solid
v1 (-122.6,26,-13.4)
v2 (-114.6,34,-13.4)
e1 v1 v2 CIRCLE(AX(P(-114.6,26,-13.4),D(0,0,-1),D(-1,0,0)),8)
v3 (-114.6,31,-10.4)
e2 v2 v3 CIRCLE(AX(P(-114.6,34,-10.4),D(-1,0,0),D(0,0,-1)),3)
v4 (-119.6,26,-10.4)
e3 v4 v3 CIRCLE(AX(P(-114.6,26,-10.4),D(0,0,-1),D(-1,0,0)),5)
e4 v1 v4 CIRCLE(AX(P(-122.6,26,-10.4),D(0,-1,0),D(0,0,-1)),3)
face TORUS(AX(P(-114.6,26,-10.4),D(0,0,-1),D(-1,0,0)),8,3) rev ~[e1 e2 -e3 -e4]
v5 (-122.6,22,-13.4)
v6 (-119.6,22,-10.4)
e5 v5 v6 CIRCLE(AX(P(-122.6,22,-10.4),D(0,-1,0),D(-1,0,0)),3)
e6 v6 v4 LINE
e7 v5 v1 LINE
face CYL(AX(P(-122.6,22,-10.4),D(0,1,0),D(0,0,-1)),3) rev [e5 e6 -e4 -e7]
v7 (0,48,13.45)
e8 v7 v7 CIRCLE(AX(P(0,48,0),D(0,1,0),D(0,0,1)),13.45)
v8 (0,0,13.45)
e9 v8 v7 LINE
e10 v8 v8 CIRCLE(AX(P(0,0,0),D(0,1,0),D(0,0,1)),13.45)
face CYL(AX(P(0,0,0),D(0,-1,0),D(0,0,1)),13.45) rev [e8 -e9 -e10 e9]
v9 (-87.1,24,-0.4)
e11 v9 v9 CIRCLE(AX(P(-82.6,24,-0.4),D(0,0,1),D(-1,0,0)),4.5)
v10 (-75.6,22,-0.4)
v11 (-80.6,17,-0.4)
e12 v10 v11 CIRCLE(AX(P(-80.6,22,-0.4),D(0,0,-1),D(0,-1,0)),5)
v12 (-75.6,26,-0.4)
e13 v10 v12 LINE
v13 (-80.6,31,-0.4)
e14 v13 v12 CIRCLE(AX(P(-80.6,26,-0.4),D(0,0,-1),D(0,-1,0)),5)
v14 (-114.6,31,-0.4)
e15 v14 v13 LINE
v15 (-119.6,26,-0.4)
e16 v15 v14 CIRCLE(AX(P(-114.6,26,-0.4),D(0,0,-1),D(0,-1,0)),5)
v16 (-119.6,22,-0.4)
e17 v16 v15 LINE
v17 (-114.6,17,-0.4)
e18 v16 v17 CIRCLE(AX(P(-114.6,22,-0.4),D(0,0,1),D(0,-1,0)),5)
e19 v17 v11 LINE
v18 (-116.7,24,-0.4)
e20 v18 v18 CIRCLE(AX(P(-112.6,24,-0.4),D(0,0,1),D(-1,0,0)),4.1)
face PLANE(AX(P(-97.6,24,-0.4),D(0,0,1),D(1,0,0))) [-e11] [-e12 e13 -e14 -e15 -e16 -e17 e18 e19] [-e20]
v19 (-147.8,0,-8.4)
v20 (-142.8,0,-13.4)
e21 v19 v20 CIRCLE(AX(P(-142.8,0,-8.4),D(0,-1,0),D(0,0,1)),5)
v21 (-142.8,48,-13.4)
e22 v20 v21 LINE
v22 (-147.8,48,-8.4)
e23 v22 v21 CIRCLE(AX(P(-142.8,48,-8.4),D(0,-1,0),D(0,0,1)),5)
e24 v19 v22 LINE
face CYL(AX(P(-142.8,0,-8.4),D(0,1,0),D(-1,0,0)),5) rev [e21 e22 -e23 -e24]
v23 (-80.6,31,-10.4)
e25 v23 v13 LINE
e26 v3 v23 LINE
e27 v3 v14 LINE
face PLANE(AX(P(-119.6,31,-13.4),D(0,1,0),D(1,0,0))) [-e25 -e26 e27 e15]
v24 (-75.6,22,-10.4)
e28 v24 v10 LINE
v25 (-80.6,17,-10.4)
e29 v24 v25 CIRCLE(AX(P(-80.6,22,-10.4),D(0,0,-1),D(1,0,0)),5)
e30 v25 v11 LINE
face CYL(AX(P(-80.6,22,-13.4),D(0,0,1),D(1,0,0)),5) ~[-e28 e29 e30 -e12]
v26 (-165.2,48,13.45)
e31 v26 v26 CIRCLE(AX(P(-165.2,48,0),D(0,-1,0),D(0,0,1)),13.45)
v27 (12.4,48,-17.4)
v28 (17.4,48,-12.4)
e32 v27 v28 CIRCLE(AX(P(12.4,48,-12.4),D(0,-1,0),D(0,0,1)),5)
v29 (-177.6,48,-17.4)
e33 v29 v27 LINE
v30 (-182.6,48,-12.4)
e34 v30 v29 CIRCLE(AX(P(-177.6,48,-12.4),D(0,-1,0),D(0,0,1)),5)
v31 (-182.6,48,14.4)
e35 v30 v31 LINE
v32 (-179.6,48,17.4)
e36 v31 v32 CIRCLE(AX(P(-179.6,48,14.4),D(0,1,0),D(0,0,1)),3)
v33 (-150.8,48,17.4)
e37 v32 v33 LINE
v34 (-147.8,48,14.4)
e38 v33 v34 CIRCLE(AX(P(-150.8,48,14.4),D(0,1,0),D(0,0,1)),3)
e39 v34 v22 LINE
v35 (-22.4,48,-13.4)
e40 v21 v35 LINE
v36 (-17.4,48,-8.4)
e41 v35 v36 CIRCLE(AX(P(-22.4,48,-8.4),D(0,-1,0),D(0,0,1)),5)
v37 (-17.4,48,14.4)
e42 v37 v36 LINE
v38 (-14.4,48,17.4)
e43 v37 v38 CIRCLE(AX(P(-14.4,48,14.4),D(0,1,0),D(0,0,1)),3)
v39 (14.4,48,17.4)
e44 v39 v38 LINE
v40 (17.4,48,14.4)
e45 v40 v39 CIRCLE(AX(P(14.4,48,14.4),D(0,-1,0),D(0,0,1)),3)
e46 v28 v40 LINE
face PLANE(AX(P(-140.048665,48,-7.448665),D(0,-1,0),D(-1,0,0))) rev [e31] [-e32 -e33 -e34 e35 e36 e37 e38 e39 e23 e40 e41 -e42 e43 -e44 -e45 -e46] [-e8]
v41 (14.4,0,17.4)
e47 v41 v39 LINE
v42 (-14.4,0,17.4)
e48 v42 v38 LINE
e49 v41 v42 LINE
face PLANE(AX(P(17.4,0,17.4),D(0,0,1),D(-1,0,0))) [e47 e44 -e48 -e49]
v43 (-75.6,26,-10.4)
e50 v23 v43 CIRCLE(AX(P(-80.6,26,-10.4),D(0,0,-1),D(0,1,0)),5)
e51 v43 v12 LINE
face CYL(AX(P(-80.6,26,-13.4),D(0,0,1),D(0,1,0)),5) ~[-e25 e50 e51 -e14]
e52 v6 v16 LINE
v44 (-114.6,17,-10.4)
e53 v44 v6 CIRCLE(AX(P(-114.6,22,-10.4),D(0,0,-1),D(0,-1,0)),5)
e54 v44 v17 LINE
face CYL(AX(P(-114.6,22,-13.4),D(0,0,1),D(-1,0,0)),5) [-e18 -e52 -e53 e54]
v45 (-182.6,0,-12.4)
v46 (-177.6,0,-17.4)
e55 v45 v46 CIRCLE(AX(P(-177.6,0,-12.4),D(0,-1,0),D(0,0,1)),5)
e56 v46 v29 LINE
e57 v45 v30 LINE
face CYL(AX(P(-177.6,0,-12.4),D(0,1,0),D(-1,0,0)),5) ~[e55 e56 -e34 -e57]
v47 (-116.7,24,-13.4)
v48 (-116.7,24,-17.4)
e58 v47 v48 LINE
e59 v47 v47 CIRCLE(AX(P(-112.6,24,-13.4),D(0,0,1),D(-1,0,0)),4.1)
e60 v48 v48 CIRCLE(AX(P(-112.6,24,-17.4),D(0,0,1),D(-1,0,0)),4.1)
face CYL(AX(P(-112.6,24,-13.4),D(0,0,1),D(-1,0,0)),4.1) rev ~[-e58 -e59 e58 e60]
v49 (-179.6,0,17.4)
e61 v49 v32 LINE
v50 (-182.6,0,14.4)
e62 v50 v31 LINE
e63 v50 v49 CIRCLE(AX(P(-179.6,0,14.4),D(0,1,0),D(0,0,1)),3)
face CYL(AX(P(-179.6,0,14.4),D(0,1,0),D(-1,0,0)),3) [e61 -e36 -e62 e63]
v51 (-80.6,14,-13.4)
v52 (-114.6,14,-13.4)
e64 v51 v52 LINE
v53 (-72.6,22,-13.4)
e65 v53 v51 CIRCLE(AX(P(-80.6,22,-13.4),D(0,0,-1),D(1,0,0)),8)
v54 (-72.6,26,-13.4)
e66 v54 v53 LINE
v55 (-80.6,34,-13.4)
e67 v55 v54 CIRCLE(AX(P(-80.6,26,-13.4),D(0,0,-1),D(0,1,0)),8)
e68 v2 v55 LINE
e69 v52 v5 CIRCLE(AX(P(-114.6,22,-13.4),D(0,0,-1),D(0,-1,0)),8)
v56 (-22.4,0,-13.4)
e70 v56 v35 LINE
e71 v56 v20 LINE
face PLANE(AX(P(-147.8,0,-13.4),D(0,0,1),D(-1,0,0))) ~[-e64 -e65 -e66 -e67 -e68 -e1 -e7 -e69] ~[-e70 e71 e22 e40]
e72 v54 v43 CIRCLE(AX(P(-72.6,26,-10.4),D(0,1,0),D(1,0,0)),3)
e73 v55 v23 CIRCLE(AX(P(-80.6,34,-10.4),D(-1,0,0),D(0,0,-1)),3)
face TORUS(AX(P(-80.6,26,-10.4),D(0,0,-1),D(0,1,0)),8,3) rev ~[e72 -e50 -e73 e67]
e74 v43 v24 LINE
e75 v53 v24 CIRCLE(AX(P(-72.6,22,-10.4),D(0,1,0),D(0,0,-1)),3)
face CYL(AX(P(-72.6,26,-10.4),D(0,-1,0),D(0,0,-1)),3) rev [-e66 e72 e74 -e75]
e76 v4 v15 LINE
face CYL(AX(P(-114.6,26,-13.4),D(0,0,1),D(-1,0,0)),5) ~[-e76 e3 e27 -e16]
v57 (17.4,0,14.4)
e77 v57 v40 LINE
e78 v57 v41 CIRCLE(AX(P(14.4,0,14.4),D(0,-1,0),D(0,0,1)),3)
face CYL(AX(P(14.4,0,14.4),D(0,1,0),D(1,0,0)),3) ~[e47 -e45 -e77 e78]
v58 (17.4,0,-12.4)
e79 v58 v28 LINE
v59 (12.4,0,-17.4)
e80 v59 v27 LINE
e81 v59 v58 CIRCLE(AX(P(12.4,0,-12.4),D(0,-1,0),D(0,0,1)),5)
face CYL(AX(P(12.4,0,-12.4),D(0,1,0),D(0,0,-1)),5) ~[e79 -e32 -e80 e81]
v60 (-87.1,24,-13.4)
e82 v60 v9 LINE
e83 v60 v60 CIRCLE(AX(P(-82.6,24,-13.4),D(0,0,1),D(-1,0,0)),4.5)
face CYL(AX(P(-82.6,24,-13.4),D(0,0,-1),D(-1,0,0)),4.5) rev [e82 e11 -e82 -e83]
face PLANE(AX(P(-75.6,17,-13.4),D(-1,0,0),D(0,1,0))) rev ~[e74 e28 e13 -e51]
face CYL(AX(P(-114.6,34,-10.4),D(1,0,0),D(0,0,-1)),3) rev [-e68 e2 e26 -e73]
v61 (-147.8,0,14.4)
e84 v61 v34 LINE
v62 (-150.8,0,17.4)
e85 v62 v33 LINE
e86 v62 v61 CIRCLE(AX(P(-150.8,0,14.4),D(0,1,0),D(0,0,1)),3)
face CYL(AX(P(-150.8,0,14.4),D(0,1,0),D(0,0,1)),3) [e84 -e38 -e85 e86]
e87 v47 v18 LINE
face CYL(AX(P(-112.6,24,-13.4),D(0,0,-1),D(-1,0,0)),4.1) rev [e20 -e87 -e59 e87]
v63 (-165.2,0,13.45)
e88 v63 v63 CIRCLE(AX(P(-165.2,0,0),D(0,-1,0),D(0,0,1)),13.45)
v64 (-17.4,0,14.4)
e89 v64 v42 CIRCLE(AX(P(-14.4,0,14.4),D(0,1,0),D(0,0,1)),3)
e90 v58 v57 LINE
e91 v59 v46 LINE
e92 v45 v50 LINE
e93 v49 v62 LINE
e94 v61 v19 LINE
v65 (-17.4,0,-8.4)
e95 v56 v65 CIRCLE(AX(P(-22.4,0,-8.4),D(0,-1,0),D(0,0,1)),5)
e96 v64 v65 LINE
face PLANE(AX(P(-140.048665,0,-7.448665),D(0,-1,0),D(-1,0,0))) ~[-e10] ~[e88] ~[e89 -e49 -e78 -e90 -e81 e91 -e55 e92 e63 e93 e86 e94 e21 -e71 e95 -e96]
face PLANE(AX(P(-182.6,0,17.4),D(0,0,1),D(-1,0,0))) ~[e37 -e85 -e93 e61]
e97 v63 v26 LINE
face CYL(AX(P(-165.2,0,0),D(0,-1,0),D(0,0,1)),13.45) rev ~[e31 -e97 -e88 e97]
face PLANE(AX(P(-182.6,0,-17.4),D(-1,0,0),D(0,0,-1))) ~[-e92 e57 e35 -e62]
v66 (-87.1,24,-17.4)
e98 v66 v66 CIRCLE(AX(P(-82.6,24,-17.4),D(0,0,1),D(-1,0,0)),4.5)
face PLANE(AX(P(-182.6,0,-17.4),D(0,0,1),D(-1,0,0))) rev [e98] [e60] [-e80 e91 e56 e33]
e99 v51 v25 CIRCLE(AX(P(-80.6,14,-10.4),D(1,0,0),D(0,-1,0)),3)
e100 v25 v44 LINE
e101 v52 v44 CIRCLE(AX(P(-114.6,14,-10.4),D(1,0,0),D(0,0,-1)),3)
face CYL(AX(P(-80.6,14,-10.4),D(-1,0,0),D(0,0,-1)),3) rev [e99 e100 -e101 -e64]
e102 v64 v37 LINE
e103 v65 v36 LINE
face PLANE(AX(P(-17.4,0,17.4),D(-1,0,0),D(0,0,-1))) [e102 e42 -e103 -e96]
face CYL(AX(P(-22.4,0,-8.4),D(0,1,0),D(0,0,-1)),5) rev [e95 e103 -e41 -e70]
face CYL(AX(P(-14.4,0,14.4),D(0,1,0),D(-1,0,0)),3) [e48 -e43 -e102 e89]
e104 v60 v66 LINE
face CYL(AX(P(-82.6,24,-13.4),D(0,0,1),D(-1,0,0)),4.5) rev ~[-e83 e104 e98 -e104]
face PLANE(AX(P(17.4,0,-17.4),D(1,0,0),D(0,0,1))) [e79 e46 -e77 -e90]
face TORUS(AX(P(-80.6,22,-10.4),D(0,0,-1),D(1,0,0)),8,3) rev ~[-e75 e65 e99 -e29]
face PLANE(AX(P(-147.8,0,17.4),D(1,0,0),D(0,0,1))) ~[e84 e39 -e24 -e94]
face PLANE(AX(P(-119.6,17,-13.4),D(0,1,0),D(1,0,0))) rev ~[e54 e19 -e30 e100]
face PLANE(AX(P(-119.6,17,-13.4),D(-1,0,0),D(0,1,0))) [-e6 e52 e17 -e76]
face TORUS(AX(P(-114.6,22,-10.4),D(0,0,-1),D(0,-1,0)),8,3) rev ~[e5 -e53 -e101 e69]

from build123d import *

# Parameters (mm, degrees)
SKETCH1_R           = 13.45
BOSS_EXTRUDE2_DEPTH = 48
SKETCH7_W           = 44
SKETCH7_H           = 14
SKETCH7_R           = 4.5
SKETCH7_R_2         = 4.1
BOSS_EXTRUDE3_DEPTH = 13
FILLET1_R           = 3
FILLET2_R           = 5
FILLET3_R           = 5
FILLET4_R           = 3
SKETCH8_R           = 4.1
SKETCH8_R_2         = 4.5
CUT_EXTRUDE1_DEPTH  = 192.299242027


with BuildPart() as part:
    # Sketch1 → Boss-Extrude2 (new body)
    with BuildSketch(Plane(origin=(0, 0, 0), x_dir=(1, 0, 0), z_dir=(0, 1, 0))):
        Polygon((-17.4, 17.4), (17.4, 17.4), (17.4, -17.4), (-17.4, -17.4), (-17.4, 13.4), (-82.6, 13.4), (-82.6, 17.4), align=None)
        with Locations(Location((0, 0, 0), (0, 0, 270))):
            Circle(SKETCH1_R, mode=Mode.SUBTRACT)
    boss_extrude2 = extrude(amount=BOSS_EXTRUDE2_DEPTH)

    # Mirror2: Boss-Extrude2 across plane
    add(boss_extrude2.mirror(Plane(origin=(-82.6, 48, -17.4), x_dir=(0, 0, 1), z_dir=(1, 0, 0))))

    # Sketch7 → Boss-Extrude3 (add)
    with BuildSketch(Plane.XY.offset(-13.4)):
        with Locations((-97.6, 24)):
            Rectangle(SKETCH7_W, SKETCH7_H)
        with Locations(Location((-82.6, 24, 0), (0, 0, 180))):
            Circle(SKETCH7_R, mode=Mode.SUBTRACT)
        with Locations(Location((-112.6, 24, 0), (0, 0, 180))):
            Circle(SKETCH7_R_2, mode=Mode.SUBTRACT)
    extrude(amount=BOSS_EXTRUDE3_DEPTH)

    # Fillet1
    fillet1_edges = [part.edges().sort_by_distance(p)[0] for p in [
        (17.4, 24, 17.4),
        (-17.4, 24, 17.4),
        (-182.6, 24, 17.4),
        (-147.8, 24, 17.4),
    ]]
    fillet(fillet1_edges, radius=FILLET1_R)

    # Fillet2
    fillet2_edges = [part.edges().sort_by_distance(p)[0] for p in [
        (-17.4, 24, -13.4),
        (17.4, 24, -17.4),
        (-182.6, 24, -17.4),
        (-147.8, 24, -13.4),
    ]]
    fillet(fillet2_edges, radius=FILLET2_R)

    # Fillet3
    fillet3_edges = [part.edges().sort_by_distance(p)[0] for p in [
        (-75.6, 17, -6.9),
        (-75.6, 31, -6.9),
        (-119.6, 31, -6.9),
        (-119.6, 17, -6.9),
    ]]
    fillet(fillet3_edges, radius=FILLET3_R)

    # Fillet4
    fillet4_edges = [part.edges().sort_by_distance(p)[0] for p in [
        (-97.6, 31, -13.4),
        (-75.6, 24, -13.4),
        (-97.6, 17, -13.4),
        (-119.6, 24, -13.4),
        (-77.064466094, 29.535533906, -13.4),
        (-77.064466094, 18.464466094, -13.4),
        (-118.135533906, 29.535533906, -13.4),
        (-118.135533906, 18.464466094, -13.4),
    ]]
    fillet(fillet4_edges, radius=FILLET4_R)

    # Sketch8 → Cut-Extrude1 (cut, through all)
    with BuildSketch(Plane.XY.offset(-13.4)):
        with Locations(Location((-112.6, 24, 0), (0, 0, 180))):
            Circle(SKETCH8_R)
        with Locations(Location((-82.6, 24, 0), (0, 0, 180))):
            Circle(SKETCH8_R_2)
    extrude(amount=-CUT_EXTRUDE1_DEPTH, mode=Mode.SUBTRACT)


solid = part.part
